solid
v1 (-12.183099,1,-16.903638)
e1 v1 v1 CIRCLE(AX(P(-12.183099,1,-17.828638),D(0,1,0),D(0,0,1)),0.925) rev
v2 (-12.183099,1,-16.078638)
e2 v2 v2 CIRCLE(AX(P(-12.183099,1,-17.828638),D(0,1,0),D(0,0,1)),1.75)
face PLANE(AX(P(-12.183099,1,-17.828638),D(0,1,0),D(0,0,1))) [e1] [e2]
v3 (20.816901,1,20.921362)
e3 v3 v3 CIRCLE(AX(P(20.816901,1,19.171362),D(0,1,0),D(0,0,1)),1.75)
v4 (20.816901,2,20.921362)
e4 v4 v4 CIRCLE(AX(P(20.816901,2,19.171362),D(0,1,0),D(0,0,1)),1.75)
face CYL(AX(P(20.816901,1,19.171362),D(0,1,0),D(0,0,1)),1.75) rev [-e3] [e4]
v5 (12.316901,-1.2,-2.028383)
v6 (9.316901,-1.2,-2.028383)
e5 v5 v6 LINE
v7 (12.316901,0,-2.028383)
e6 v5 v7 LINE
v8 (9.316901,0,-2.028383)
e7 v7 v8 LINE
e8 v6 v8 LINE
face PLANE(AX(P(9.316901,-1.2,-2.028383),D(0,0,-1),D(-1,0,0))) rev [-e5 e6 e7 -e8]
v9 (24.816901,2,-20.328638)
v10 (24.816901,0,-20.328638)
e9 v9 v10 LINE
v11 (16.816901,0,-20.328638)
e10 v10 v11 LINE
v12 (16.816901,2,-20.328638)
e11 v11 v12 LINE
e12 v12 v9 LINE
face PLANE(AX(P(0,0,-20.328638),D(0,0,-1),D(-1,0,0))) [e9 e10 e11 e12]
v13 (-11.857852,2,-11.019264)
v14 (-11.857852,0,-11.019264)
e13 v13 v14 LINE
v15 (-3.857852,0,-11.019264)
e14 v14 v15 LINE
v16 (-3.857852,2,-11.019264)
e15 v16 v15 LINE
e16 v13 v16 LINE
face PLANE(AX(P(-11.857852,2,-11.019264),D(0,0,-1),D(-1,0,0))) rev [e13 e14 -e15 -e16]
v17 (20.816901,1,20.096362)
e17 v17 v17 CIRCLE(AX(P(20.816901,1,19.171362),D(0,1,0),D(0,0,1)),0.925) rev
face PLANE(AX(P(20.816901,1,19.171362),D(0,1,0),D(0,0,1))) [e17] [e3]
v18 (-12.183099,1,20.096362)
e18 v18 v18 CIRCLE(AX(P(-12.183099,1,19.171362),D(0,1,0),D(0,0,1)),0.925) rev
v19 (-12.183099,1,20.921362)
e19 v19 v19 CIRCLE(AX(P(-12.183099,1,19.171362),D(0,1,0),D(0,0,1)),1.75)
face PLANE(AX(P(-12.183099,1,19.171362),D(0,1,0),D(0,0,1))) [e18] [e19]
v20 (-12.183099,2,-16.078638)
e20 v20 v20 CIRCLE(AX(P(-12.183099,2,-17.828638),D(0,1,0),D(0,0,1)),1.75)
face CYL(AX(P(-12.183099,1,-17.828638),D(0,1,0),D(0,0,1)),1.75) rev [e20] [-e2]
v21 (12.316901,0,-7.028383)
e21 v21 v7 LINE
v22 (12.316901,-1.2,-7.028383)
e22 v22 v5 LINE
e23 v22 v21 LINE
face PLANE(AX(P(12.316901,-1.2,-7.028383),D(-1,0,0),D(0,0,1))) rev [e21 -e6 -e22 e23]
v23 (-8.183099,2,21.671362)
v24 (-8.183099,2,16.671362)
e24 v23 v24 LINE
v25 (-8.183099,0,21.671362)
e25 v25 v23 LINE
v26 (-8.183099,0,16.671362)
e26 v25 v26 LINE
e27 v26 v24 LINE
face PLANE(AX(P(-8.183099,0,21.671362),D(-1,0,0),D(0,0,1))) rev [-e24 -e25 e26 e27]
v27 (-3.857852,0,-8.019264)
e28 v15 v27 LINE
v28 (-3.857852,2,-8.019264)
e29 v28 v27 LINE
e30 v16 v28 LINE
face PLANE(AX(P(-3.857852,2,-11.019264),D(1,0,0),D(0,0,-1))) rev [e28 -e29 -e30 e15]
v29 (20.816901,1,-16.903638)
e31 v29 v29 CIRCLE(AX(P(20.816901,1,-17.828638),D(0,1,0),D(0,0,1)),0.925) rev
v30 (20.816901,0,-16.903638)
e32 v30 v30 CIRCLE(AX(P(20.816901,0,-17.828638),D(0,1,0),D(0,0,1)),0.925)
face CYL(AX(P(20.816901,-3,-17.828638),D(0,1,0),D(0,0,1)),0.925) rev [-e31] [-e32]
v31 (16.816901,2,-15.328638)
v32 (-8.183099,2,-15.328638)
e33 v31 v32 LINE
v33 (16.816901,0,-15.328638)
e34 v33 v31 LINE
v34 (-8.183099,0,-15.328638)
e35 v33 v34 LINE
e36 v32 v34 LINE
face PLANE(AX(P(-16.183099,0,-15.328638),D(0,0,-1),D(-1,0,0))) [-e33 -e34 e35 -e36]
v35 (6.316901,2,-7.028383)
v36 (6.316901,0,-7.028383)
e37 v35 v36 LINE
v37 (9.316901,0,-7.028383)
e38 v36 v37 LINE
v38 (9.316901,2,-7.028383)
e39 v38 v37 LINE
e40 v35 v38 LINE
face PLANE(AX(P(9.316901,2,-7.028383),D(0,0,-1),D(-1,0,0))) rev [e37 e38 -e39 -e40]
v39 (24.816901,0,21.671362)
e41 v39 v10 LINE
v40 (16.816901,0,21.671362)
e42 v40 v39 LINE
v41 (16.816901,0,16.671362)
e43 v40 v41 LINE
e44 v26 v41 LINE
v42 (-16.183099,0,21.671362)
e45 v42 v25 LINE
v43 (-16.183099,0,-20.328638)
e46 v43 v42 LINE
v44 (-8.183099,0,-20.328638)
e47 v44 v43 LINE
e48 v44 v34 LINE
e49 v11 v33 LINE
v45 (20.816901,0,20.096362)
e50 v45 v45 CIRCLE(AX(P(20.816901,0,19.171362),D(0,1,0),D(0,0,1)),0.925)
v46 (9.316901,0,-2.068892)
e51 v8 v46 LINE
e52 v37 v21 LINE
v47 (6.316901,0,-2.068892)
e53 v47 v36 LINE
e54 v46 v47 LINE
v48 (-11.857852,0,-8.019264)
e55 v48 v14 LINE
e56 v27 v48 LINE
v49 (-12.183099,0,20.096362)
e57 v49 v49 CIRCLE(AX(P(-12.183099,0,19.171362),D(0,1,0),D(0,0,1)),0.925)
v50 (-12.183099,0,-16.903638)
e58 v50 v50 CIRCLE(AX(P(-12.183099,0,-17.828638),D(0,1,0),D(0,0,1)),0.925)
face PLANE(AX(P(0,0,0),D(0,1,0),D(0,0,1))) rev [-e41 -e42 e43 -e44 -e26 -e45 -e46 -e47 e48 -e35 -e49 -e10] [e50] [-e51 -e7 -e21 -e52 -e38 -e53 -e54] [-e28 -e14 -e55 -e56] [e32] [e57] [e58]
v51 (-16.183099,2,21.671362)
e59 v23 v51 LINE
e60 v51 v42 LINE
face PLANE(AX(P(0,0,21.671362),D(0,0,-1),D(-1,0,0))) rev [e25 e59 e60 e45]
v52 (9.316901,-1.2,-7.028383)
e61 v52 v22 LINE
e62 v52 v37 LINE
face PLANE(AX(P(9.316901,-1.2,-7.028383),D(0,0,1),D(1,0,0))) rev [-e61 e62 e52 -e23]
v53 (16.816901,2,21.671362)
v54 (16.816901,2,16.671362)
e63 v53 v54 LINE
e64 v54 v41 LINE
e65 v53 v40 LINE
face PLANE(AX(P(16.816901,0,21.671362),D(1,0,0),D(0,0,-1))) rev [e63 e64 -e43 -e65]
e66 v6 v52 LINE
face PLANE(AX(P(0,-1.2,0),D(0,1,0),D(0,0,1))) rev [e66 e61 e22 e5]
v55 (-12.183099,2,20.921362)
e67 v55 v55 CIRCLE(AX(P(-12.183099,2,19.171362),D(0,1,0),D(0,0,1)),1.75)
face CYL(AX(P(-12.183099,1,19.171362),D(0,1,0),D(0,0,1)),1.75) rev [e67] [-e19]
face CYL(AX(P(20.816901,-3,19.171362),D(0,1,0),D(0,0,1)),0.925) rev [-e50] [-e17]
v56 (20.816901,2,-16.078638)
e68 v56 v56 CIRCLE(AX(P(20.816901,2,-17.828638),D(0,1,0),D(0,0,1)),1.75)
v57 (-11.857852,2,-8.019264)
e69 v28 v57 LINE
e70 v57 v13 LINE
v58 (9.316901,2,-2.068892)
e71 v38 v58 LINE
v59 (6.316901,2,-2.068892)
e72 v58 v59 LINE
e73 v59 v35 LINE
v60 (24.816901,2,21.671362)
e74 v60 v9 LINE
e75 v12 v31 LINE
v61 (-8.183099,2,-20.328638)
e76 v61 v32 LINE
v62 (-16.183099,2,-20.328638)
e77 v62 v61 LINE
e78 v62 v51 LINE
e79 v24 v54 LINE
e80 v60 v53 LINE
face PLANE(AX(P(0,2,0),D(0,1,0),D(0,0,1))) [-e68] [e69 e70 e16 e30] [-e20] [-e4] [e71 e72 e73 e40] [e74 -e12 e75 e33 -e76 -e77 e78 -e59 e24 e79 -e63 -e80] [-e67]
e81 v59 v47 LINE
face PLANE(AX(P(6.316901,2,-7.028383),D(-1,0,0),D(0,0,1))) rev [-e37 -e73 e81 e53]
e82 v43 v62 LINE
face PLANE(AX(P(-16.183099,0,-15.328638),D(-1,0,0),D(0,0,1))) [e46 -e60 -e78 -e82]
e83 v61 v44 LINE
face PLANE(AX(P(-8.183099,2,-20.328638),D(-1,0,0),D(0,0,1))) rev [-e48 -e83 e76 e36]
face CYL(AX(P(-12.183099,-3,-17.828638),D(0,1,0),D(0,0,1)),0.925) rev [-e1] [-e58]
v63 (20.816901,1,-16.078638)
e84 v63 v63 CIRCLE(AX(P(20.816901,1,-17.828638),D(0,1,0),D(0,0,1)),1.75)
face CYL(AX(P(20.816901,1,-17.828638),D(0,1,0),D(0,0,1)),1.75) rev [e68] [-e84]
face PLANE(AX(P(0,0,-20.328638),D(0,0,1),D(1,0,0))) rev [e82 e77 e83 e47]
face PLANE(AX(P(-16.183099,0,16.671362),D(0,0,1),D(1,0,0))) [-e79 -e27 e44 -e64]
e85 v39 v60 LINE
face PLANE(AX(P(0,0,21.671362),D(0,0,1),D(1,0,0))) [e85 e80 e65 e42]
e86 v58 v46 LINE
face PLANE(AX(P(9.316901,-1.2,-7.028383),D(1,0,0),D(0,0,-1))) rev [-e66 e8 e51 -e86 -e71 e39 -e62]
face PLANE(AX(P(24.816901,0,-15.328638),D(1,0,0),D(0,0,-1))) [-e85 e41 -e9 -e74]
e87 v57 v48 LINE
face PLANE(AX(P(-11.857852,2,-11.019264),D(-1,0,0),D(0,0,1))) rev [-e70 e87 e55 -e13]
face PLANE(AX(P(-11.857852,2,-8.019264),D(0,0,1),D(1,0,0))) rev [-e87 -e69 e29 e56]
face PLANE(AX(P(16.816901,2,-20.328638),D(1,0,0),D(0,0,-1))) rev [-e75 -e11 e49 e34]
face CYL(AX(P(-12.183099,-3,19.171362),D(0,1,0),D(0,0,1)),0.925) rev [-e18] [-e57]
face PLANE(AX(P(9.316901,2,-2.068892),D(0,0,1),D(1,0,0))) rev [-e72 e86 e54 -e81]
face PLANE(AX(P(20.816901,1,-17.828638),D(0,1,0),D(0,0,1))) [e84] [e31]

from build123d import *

# Parameters (mm, degrees)
SKETCH1_W           = 35
SKETCH1_H           = 26
BOSS_EXTRUDE1_DEPTH = 2
SKETCH2_W           = 41
SKETCH2_H           = 32
BOSS_EXTRUDE3_DEPTH = 2
SKETCH4_W           = 8
SKETCH4_H           = 2
BOSS_EXTRUDE4_DEPTH = 5
SKETCH5_W           = 8
SKETCH5_H           = 2
BOSS_EXTRUDE5_DEPTH = 5
SKETCH6_R           = 0.925
CUT_EXTRUDE1_DEPTH  = 5
SKETCH7_R           = 1.75
CUT_EXTRUDE2_DEPTH  = 1
SKETCH8_W           = 3
SKETCH8_H           = 5
BOSS_EXTRUDE6_DEPTH = 1.2
SKETCH9_W           = 3
SKETCH9_H           = 4.959490372
SKETCH9_W_2         = 8
SKETCH9_H_2         = 3
CUT_EXTRUDE3_DEPTH  = 2


with BuildPart() as part:
    # Sketch1 → Boss-Extrude1 (new body)
    with BuildSketch(Plane(origin=(0, 0, 0), x_dir=(1, 0, 0), z_dir=(0, 1, 0))):
        with Locations((4.316901408, -0.671361502)):
            Rectangle(SKETCH1_W, SKETCH1_H)
    extrude(amount=BOSS_EXTRUDE1_DEPTH)

    # Sketch2 → Boss-Extrude3 (add)
    with BuildSketch(Plane(origin=(0, 2, 0), x_dir=(1, 0, 0), z_dir=(0, 1, 0))):
        with Locations((4.316901408, -0.671361502)):
            Rectangle(SKETCH2_W, SKETCH2_H)
    extrude(amount=-BOSS_EXTRUDE3_DEPTH)

    # Sketch4 → Boss-Extrude4 (add)
    with BuildSketch(Plane(origin=(0, 0, -15.328638498), x_dir=(-1, 0, 0), z_dir=(0, 0, -1))):
        with Locations((12.183098592, 1)):
            Rectangle(SKETCH4_W, SKETCH4_H)
        with Locations((-20.816901408, 1)):
            Rectangle(SKETCH4_W, SKETCH4_H)
    extrude(amount=BOSS_EXTRUDE4_DEPTH)

    # Sketch5 → Boss-Extrude5 (add)
    with BuildSketch(Plane.XY.offset(16.671361502)):
        with Locations((20.816901408, 1)):
            Rectangle(SKETCH5_W, SKETCH5_H)
        with Locations((-12.183098592, 1)):
            Rectangle(SKETCH5_W, SKETCH5_H)
    extrude(amount=BOSS_EXTRUDE5_DEPTH)

    # Sketch6 → Cut-Extrude1 (cut)
    with BuildSketch(Plane(origin=(0, 2, 0), x_dir=(1, 0, 0), z_dir=(0, 1, 0))):
        with Locations((-12.183098592, 17.828638498)):
            Circle(SKETCH6_R)
        with Locations((20.816901408, 17.828638498)):
            Circle(SKETCH6_R)
        with Locations((20.816901408, -19.171361502)):
            Circle(SKETCH6_R)
        with Locations((-12.183098592, -19.171361502)):
            Circle(SKETCH6_R)
    extrude(amount=-CUT_EXTRUDE1_DEPTH, mode=Mode.SUBTRACT)

    # Sketch7 → Cut-Extrude2 (cut)
    with BuildSketch(Plane(origin=(0, 2, 0), x_dir=(1, 0, 0), z_dir=(0, 1, 0))):
        with Locations((-12.183098592, 17.828638498)):
            Circle(SKETCH7_R)
        with Locations((20.816901408, 17.828638498)):
            Circle(SKETCH7_R)
        with Locations((20.816901408, -19.171361502)):
            Circle(SKETCH7_R)
        with Locations((-12.183098592, -19.171361502)):
            Circle(SKETCH7_R)
    extrude(amount=-CUT_EXTRUDE2_DEPTH, mode=Mode.SUBTRACT)

    # Sketch8 → Boss-Extrude6 (add)
    with BuildSketch(Plane.XZ):
        with Locations((10.816901408, -4.528382577)):
            Rectangle(SKETCH8_W, SKETCH8_H)
    extrude(amount=BOSS_EXTRUDE6_DEPTH)

    # Sketch9 → Cut-Extrude3 (cut)
    with BuildSketch(Plane.XZ):
        with Locations((7.816901408, -4.548637391)):
            Rectangle(SKETCH9_W, SKETCH9_H)
        with Locations((-7.857851807, -9.519264119)):
            Rectangle(SKETCH9_W_2, SKETCH9_H_2)
    extrude(amount=-CUT_EXTRUDE3_DEPTH, mode=Mode.SUBTRACT)


solid = part.part
